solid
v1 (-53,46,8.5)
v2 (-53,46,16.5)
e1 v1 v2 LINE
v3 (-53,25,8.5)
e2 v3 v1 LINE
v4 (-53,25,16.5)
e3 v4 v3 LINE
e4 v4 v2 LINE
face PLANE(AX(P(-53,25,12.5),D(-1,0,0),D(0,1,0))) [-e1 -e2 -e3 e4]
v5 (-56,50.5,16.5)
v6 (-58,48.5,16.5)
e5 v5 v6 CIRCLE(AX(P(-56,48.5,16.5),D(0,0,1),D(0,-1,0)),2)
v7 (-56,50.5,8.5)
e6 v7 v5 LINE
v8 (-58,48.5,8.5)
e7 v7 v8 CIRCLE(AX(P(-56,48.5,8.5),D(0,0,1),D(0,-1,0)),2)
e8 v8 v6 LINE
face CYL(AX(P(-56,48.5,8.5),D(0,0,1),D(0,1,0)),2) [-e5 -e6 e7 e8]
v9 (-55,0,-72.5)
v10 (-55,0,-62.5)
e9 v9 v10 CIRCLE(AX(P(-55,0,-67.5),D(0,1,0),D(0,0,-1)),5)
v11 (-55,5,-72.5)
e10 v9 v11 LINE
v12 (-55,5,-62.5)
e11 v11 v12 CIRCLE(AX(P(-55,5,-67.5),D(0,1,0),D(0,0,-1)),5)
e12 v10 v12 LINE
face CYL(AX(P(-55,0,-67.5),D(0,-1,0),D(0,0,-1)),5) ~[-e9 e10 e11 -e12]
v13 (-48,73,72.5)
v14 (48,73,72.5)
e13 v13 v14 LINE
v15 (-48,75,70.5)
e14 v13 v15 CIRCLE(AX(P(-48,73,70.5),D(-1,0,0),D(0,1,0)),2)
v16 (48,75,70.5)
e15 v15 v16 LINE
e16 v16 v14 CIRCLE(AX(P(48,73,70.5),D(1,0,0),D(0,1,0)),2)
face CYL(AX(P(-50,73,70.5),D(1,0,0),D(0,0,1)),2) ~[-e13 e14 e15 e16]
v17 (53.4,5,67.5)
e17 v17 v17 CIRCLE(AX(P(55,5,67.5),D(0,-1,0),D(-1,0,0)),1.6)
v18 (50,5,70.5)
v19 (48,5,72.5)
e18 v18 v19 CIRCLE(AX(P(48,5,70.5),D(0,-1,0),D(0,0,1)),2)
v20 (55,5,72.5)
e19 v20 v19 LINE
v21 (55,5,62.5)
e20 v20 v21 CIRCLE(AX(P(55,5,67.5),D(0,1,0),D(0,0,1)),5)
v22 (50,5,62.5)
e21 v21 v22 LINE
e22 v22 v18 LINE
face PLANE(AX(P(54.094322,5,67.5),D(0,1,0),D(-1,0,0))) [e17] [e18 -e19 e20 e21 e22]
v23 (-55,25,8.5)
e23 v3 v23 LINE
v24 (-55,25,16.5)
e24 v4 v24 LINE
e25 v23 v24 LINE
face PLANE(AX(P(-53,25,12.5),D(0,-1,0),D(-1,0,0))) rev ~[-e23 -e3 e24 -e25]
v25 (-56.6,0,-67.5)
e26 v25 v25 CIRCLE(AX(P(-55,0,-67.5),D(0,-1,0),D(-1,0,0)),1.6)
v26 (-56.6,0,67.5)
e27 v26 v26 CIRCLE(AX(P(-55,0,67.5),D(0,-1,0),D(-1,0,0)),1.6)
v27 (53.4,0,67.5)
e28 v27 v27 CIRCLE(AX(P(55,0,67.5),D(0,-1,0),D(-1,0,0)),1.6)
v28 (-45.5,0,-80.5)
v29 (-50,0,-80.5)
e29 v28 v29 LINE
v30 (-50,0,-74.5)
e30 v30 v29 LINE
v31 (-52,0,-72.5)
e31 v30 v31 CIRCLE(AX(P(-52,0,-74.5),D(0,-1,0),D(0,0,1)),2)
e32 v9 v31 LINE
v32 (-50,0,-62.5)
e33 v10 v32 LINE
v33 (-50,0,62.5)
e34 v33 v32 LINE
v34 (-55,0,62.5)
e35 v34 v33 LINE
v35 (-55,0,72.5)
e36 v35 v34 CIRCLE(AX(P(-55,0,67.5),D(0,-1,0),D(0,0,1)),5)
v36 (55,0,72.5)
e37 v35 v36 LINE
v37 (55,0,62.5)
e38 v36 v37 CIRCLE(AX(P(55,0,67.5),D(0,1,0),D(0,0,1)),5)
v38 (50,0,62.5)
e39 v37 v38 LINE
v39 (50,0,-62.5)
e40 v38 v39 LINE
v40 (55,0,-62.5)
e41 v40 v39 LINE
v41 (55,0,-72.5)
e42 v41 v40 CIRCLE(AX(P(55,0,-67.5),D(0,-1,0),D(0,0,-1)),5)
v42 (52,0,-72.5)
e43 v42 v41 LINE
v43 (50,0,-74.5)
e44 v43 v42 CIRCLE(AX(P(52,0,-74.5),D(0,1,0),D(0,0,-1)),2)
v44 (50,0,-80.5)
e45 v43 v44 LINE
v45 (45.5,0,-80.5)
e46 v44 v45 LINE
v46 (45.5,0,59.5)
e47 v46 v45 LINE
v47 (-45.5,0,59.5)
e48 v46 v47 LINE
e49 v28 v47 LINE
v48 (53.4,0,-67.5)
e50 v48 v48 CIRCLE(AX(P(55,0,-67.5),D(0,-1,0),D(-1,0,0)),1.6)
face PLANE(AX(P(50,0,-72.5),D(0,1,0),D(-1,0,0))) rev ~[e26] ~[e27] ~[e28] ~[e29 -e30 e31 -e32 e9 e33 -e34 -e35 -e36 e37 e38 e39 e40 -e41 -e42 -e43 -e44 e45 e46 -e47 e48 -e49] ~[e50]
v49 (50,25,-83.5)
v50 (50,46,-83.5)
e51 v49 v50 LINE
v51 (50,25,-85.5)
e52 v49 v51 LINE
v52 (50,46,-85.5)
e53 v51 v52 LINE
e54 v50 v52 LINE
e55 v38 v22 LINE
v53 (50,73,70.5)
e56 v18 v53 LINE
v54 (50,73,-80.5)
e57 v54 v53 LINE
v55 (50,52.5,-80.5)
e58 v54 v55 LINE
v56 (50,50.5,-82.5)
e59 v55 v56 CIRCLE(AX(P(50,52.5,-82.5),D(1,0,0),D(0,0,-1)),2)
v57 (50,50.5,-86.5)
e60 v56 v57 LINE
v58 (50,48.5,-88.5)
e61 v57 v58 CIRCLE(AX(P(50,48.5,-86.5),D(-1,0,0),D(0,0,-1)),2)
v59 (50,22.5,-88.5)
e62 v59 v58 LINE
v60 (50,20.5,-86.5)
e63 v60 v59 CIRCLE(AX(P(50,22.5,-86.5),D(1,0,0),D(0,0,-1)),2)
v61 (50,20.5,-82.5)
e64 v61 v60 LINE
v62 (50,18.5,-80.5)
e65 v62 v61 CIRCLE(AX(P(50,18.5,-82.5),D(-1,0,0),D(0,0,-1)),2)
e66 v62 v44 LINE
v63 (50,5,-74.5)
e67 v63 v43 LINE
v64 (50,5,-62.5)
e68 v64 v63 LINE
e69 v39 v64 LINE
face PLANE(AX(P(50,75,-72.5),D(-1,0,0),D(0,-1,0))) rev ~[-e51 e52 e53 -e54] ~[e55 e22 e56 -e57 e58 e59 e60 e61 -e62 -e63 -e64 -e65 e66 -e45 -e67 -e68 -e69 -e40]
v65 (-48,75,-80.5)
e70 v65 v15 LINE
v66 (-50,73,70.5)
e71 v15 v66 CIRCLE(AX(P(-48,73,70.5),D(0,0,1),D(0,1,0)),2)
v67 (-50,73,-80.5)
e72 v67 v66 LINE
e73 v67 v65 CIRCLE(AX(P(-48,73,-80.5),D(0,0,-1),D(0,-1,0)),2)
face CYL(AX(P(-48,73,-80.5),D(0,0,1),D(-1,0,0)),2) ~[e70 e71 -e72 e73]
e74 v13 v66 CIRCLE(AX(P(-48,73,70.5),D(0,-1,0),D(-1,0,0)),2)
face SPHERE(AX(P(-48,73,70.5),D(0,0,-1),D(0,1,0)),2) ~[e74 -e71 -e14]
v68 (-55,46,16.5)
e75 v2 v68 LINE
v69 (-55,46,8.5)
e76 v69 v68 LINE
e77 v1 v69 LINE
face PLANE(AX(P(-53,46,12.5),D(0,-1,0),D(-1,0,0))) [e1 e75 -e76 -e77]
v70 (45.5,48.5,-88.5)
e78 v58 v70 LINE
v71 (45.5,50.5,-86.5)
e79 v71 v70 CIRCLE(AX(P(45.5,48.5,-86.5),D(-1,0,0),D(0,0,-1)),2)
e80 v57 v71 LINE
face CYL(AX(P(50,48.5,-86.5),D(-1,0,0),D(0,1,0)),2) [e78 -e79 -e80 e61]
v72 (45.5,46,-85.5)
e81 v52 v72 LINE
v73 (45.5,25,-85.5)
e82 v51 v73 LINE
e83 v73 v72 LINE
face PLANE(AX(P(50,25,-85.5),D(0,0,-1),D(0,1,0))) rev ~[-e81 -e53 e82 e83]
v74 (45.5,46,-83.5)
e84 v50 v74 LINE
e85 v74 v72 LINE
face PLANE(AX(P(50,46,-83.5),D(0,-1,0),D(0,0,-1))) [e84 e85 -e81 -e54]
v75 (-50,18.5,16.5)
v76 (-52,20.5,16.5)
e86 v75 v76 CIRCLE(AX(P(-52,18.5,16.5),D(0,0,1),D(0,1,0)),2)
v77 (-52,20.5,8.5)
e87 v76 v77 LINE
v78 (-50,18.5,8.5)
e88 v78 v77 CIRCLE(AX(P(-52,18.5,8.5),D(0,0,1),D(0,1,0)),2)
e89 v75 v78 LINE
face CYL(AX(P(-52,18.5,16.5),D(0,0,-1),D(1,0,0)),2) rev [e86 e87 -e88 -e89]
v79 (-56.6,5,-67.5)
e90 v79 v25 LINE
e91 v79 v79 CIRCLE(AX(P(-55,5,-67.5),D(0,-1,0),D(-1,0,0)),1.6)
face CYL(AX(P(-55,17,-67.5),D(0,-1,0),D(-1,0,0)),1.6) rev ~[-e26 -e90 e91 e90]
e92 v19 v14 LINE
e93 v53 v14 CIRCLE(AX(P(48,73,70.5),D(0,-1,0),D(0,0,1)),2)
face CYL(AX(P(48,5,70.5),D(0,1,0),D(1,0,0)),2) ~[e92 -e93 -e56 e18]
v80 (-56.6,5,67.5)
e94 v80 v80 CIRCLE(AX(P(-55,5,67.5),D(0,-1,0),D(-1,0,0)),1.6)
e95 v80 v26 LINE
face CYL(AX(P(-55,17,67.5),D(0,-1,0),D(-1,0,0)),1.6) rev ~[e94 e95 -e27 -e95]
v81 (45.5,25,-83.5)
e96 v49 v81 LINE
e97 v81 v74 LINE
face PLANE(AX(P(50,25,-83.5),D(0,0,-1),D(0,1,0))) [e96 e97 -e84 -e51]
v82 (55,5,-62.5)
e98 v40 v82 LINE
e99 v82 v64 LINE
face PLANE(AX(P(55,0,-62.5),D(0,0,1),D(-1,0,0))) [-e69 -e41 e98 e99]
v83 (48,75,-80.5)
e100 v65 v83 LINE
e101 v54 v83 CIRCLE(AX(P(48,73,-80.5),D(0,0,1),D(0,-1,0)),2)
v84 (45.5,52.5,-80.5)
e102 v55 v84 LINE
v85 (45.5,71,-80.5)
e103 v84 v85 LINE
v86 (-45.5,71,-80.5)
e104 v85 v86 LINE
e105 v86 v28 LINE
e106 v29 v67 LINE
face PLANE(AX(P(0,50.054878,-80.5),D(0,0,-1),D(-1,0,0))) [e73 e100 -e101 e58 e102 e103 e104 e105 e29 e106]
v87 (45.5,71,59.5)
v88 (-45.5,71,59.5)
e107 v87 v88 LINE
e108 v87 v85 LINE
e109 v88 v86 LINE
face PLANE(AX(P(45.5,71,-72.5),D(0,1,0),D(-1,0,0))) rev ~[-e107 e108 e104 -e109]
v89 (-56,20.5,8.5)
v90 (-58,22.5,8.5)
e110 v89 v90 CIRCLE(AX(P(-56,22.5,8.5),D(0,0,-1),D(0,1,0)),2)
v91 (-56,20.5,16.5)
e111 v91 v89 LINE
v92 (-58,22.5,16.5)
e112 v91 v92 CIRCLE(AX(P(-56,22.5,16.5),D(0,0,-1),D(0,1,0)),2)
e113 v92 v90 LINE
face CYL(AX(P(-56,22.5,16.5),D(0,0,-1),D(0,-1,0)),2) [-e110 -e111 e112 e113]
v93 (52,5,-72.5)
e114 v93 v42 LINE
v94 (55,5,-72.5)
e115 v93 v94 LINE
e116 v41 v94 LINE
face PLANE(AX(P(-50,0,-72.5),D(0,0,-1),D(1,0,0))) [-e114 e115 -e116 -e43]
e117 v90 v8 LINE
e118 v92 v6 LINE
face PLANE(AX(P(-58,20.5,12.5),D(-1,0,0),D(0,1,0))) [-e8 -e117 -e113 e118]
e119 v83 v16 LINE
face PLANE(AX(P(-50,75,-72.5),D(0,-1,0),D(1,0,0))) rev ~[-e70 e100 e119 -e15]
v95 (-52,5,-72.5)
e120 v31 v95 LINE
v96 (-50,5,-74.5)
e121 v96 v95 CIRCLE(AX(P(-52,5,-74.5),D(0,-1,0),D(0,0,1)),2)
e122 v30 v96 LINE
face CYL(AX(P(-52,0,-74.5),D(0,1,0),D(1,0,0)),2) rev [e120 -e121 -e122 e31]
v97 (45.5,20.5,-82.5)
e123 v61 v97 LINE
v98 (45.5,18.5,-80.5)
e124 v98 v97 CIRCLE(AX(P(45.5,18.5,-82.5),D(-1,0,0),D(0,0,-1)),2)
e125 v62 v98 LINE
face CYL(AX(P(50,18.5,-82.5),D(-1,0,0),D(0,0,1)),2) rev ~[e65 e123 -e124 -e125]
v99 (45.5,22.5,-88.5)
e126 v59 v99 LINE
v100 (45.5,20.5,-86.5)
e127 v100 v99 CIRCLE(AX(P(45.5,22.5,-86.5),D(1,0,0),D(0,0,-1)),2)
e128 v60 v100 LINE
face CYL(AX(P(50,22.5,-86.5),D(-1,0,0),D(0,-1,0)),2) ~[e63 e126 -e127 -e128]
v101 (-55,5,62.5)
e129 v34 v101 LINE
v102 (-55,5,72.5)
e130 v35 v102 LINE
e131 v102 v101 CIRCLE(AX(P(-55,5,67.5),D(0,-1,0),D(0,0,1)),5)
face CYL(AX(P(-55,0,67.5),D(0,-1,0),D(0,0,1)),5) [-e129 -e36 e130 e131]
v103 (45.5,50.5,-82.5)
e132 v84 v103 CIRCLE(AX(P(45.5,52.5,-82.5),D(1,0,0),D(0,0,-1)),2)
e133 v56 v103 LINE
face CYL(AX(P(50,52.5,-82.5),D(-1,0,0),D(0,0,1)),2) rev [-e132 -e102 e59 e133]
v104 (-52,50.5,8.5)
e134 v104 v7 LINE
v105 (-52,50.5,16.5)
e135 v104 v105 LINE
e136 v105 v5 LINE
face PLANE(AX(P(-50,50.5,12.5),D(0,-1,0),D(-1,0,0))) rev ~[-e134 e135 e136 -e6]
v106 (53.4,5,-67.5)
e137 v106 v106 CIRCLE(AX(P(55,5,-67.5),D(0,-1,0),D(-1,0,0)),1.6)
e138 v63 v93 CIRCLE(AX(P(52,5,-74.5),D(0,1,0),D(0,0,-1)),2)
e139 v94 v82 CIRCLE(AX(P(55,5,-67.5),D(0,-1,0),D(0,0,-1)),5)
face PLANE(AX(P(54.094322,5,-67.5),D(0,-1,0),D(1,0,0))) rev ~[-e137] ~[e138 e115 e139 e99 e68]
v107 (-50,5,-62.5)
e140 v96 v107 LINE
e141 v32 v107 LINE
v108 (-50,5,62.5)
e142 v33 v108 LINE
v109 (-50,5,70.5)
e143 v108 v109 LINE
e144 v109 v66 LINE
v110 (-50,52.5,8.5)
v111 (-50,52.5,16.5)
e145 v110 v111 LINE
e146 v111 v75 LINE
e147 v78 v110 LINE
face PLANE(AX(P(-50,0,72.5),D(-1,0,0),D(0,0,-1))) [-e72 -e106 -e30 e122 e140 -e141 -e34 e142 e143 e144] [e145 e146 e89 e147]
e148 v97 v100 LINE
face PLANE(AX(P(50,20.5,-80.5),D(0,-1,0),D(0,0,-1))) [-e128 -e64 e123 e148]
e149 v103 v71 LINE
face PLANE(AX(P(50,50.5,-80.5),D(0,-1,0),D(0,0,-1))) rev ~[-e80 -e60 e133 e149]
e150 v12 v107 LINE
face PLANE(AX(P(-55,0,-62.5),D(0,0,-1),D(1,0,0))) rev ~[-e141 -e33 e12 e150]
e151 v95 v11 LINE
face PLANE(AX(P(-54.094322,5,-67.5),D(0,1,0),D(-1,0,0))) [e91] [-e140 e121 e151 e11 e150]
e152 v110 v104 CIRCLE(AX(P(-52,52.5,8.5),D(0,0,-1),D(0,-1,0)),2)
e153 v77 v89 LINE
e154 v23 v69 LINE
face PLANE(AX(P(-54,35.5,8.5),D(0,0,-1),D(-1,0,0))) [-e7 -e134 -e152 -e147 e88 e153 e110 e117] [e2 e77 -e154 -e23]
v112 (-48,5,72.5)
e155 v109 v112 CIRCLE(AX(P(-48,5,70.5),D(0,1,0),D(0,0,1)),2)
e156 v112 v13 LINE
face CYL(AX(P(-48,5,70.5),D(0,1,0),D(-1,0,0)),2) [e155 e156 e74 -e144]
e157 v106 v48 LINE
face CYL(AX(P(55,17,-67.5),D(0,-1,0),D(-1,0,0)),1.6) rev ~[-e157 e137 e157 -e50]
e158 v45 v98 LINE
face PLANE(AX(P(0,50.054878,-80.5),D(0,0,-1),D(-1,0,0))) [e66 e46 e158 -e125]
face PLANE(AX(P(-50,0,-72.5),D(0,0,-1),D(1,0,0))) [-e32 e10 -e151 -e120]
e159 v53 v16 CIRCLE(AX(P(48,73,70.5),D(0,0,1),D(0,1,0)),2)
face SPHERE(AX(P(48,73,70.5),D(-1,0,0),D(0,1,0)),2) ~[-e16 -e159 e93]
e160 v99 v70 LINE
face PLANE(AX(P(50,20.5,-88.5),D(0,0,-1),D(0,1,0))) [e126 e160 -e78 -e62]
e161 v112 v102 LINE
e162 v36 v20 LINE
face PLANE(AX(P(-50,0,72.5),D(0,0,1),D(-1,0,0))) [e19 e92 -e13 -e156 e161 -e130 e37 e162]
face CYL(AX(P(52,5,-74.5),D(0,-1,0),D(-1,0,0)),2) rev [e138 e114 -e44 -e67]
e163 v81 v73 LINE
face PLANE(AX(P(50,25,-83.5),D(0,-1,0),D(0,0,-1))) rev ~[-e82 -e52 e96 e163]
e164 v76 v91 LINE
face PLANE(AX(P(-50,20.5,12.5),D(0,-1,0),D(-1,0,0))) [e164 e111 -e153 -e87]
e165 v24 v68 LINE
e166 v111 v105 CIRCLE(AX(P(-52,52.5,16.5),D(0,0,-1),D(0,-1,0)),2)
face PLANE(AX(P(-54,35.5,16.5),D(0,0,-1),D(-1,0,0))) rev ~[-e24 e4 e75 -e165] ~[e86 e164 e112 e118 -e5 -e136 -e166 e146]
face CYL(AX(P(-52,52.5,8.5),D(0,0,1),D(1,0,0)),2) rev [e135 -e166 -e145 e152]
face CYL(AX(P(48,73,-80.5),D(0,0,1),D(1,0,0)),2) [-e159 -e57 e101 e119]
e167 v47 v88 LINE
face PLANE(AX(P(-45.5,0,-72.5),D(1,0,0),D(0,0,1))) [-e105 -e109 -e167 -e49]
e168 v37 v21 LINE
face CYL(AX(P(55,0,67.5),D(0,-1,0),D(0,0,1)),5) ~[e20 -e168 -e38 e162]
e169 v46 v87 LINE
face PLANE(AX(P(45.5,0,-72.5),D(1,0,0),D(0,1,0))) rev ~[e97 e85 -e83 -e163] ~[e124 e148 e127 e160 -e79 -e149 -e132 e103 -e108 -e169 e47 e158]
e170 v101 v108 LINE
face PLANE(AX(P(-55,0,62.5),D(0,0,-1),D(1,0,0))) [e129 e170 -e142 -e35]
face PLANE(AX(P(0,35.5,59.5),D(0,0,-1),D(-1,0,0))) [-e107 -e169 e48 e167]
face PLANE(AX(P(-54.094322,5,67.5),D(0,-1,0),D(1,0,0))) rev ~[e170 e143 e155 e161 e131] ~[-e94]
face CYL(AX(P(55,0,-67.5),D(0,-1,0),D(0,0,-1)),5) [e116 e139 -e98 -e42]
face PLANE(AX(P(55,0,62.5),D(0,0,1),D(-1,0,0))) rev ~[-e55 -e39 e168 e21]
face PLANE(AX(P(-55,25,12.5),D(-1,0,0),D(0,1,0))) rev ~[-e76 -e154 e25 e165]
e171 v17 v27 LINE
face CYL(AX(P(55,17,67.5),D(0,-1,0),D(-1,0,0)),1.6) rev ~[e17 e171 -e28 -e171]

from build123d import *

# Parameters (mm, degrees)
SKETCH2_W                = 100
SKETCH2_H                = 145
BOSS_EXTRUDE1_DEPTH      = 75
SKETCH3_W                = 91
SKETCH3_H                = 140
CUT_EXTRUDE1_DEPTH       = 71
BOSS_EXTRUDE2_DEPTH      = 5
M3_CLEARANCE_HOLE2_D     = 3.2
M3_CLEARANCE_HOLE2_DEPTH = 12
M3_CLEARANCE_HOLE2_TIP   = 0.96137699
SKETCH11_W               = 8
SKETCH11_H               = 30
SKETCH11_W_2             = 2
SKETCH11_H_2             = 21
BOSS_EXTRUDE4_DEPTH      = 4
SKETCH13_W               = 91
SKETCH13_H               = 71
BOSS_EXTRUDE6_DEPTH      = 8
BOSS_EXTRUDE7_DEPTH      = 8
SKETCH12_W               = 8
SKETCH12_H               = 30
SKETCH12_W_2             = 2
SKETCH12_H_2             = 21
BOSS_EXTRUDE5_DEPTH      = 4.5
FILLET1_R                = 2


with BuildPart() as part:
    # Sketch2 → Boss-Extrude1 (new body)
    with BuildSketch(Plane(origin=(0, 0, 0), x_dir=(1, 0, 0), z_dir=(0, 1, 0))):
        Rectangle(SKETCH2_W, SKETCH2_H)
    extrude(amount=BOSS_EXTRUDE1_DEPTH)

    # Sketch3 → Cut-Extrude1 (cut)
    with BuildSketch(Plane.XZ):
        with Locations((0, -2.5)):
            Rectangle(SKETCH3_W, SKETCH3_H)
    extrude(amount=-CUT_EXTRUDE1_DEPTH, mode=Mode.SUBTRACT)

    # Sketch4 → Boss-Extrude2 (add)
    with BuildSketch(Plane.XZ):
        with BuildLine():
            Line((-50, 72.5), (-55, 72.5))
            ThreePointArc((-55, 72.5), (-60, 67.5), (-55, 62.5))
            Line((-55, 62.5), (-50, 62.5))
            Line((-50, 62.5), (-50, 72.5))
        make_face()
        with BuildLine():
            Line((50, 72.5), (55, 72.5))
            ThreePointArc((55, 72.5), (60, 67.5), (55, 62.5))
            Line((55, 62.5), (50, 62.5))
            Line((50, 62.5), (50, 72.5))
        make_face()
        with BuildLine():
            Line((-50, -72.5), (-55, -72.5))
            ThreePointArc((-55, -72.5), (-60, -67.5), (-55, -62.5))
            Line((-55, -62.5), (-50, -62.5))
            Line((-50, -62.5), (-50, -72.5))
        make_face()
        with BuildLine():
            Line((50, -72.5), (55, -72.5))
            ThreePointArc((55, -72.5), (60, -67.5), (55, -62.5))
            Line((55, -62.5), (50, -62.5))
            Line((50, -62.5), (50, -72.5))
        make_face()
    extrude(amount=-BOSS_EXTRUDE2_DEPTH)

    # M3 Clearance Hole2
    with Locations(Plane(origin=(0, 5, 0), x_dir=(1, 0, 0), z_dir=(0, 1, 0))):
        with Locations((-55, 67.5), (55, 67.5), (55, -67.5), (-55, -67.5)):
            Hole(M3_CLEARANCE_HOLE2_D / 2, depth=M3_CLEARANCE_HOLE2_DEPTH)
            with Locations((0, 0, -(M3_CLEARANCE_HOLE2_DEPTH + M3_CLEARANCE_HOLE2_TIP / 2))):  # 118° drill point
                Cone(0, M3_CLEARANCE_HOLE2_D / 2, M3_CLEARANCE_HOLE2_TIP, mode=Mode.SUBTRACT)

    # Sketch11 → Boss-Extrude4 (add, symmetric)
    with BuildSketch(Plane(origin=(0, 0, 12.5), x_dir=(-1, 0, 0), z_dir=(0, 0, -1))):
        with Locations((54, 35.5)):
            Rectangle(SKETCH11_W, SKETCH11_H)
        with Locations((54, 35.5)):
            Rectangle(SKETCH11_W_2, SKETCH11_H_2, mode=Mode.SUBTRACT)
    extrude(amount=BOSS_EXTRUDE4_DEPTH, both=True)

    # Sketch13 → Boss-Extrude6 (add)
    with BuildSketch(Plane(origin=(0, 0, 67.5), x_dir=(-1, 0, 0), z_dir=(0, 0, -1))):
        with Locations((0, 35.5)):
            Rectangle(SKETCH13_W, SKETCH13_H)
    extrude(amount=BOSS_EXTRUDE6_DEPTH)

    # Sketch15 → Boss-Extrude7 (add)
    with BuildSketch(Plane(origin=(0, 0, -72.5), x_dir=(-1, 0, 0), z_dir=(0, 0, -1))):
        Polygon((-50, 5), (-50, 0), (-45.5, 0), (-45.5, 71), (45.5, 71), (45.5, 0), (50, 0), (50, 5), (50, 75), (-50, 75), align=None)
    extrude(amount=BOSS_EXTRUDE7_DEPTH)

    # Sketch12 → Boss-Extrude5 (add)
    with BuildSketch(Plane(origin=(50, 0, 0), x_dir=(0, 0, -1), z_dir=(1, 0, 0))):
        with Locations((84.5, 35.5)):
            Rectangle(SKETCH12_W, SKETCH12_H)
        with Locations((84.5, 35.5)):
            Rectangle(SKETCH12_W_2, SKETCH12_H_2, mode=Mode.SUBTRACT)
    extrude(amount=-BOSS_EXTRUDE5_DEPTH)

    # Fillet1
    fillet1_edges = [part.edges().sort_by_distance(p)[0] for p in [
        (-50, 50.5, 12.5),
        (-50, 20.5, 12.5),
        (-58, 20.5, 12.5),
        (-58, 50.5, 12.5),
        (-50, 75, -4),
        (-50, 2.5, -72.5),
        (50, 2.5, -72.5),
        (0, 75, 72.5),
        (47.75, 20.5, -88.5),
        (47.75, 50.5, -88.5),
        (47.75, 50.5, -80.5),
        (47.75, 20.5, -80.5),
        (50, 75, -4),
        (50, 40, 72.5),
        (-50, 40, 72.5),
    ]]
    fillet(fillet1_edges, radius=FILLET1_R)


solid = part.part
